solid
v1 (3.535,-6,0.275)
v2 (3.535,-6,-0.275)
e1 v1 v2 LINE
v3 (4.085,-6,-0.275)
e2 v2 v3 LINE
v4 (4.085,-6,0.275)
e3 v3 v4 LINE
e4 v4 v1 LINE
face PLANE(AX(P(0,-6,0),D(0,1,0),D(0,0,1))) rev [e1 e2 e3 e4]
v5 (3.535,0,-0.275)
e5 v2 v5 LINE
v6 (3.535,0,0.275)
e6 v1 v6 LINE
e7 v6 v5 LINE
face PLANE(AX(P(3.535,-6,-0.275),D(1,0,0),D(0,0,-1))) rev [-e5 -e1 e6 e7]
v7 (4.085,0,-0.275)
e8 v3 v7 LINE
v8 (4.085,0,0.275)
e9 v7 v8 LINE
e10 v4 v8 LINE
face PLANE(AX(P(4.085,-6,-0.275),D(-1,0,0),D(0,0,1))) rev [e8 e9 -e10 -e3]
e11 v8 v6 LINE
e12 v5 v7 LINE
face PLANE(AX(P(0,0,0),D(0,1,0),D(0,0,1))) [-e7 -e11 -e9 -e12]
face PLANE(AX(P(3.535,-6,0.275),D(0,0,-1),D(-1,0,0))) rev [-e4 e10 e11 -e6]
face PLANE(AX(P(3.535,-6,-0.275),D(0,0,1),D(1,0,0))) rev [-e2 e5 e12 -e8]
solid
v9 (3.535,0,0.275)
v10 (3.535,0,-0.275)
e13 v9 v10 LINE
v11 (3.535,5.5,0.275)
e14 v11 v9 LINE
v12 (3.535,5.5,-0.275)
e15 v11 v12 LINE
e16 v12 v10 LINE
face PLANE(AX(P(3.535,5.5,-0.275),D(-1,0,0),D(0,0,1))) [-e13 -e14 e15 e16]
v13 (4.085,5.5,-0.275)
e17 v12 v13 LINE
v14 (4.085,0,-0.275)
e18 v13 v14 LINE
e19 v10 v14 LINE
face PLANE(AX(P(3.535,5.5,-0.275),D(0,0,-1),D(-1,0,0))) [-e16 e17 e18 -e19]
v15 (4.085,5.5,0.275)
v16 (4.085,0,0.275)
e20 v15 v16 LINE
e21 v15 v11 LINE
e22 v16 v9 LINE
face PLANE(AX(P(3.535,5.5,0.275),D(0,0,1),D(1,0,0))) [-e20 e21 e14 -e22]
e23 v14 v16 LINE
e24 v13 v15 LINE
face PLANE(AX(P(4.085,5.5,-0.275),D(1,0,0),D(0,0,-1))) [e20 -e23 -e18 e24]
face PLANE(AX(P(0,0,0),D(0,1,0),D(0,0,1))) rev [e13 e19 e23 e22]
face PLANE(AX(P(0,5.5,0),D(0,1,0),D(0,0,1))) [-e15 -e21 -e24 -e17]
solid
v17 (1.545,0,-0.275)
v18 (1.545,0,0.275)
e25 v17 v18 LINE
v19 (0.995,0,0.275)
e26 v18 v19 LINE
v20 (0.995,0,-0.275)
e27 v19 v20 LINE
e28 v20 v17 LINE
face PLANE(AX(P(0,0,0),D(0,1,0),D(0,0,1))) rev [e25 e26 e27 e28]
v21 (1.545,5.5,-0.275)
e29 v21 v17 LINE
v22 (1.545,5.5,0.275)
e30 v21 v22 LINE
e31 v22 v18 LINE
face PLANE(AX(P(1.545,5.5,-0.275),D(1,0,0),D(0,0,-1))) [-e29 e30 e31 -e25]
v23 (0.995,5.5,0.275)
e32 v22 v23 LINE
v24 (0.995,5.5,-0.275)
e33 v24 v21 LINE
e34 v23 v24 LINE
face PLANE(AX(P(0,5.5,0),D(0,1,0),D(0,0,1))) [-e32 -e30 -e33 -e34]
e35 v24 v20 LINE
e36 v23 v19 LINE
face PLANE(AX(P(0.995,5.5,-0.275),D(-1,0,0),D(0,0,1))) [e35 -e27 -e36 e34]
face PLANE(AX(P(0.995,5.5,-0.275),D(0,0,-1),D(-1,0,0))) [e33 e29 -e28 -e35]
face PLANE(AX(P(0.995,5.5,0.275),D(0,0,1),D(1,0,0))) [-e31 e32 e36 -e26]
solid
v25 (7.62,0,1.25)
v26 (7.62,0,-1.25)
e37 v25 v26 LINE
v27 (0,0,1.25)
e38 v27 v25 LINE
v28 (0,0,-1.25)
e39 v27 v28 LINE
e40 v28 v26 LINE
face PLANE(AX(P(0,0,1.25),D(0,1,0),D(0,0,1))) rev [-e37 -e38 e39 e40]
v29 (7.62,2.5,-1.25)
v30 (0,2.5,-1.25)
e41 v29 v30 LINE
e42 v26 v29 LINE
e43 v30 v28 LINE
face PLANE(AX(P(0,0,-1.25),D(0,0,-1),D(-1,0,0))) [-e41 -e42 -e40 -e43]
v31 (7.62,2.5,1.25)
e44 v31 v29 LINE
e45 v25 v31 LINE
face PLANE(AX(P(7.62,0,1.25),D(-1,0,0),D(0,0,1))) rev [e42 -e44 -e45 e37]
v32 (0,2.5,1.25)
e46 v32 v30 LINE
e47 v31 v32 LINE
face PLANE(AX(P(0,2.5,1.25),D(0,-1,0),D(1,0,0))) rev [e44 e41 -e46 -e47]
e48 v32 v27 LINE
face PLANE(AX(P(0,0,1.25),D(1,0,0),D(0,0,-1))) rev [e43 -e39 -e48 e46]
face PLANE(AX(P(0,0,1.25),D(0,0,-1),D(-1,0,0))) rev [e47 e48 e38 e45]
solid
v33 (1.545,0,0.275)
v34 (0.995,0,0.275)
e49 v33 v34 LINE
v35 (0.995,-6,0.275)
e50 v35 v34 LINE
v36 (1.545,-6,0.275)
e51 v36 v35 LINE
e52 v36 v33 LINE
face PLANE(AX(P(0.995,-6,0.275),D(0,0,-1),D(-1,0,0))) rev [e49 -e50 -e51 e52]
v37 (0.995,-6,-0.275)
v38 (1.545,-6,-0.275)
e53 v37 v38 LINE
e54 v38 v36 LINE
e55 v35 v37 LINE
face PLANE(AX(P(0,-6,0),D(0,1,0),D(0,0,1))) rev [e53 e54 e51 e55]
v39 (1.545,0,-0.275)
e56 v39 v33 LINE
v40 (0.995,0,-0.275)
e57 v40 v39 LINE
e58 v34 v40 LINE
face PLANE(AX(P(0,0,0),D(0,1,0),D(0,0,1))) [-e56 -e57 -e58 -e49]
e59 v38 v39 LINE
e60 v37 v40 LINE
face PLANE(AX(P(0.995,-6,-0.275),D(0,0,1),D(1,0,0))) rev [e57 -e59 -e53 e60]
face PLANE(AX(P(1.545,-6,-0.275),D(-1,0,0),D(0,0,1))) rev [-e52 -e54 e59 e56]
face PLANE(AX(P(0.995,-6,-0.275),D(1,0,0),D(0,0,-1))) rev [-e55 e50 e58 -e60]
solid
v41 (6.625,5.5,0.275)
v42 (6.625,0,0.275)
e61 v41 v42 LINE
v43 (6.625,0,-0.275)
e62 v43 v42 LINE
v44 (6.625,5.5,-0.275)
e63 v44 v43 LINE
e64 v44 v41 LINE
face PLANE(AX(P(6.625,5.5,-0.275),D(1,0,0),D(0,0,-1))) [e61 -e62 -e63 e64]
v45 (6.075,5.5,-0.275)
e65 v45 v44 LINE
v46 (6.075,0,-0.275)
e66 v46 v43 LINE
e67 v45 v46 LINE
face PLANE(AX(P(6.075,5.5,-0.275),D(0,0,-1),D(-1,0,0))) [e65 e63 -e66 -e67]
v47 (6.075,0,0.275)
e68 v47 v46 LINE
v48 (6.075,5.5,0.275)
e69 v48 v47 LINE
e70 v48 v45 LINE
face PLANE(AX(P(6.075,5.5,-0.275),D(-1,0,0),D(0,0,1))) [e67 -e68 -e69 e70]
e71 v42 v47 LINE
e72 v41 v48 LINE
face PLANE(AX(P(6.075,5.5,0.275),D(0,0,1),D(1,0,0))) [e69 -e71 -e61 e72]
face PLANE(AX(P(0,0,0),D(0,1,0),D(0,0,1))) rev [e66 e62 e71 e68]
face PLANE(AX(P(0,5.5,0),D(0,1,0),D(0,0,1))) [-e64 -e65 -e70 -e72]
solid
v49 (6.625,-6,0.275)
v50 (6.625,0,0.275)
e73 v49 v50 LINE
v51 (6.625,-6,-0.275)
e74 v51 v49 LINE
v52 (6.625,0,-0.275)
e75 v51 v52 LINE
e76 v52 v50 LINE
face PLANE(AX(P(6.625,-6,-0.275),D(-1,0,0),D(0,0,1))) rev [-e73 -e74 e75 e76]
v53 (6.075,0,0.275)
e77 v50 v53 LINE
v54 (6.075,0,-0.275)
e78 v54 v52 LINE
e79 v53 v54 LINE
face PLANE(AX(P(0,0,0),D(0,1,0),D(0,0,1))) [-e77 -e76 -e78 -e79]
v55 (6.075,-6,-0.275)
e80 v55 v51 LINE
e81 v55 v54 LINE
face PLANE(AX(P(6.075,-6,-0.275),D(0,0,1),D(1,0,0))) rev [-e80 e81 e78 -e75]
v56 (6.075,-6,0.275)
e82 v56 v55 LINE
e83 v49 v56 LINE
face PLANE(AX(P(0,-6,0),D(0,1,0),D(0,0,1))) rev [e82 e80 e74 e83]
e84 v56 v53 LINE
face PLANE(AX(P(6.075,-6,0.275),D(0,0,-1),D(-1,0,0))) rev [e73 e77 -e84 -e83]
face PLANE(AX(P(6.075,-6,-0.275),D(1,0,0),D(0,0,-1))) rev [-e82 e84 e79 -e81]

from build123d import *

# Parameters (mm, degrees)
SKETCH1_W             = 7.62
SKETCH1_H             = 2.5
BOSS_EXTRUDE1_DEPTH   = 1.25
SKETCH2_W             = 0.55
SKETCH2_H             = 0.55
BOSS_EXTRUDE2_DEPTH   = 6
BOSS_EXTRUDE2_2_DEPTH = 6
BOSS_EXTRUDE2_3_DEPTH = 6
SKETCH2_2_W           = 0.55
SKETCH2_2_H           = 0.55
BOSS_EXTRUDE3_DEPTH   = 5.5
BOSS_EXTRUDE3_2_DEPTH = 5.5
BOSS_EXTRUDE3_3_DEPTH = 5.5


with BuildPart() as part:
    # Sketch1 → Boss-Extrude1 (new body, symmetric)
    with BuildSketch(Plane.XY):
        with Locations((3.81, 1.25)):
            Rectangle(SKETCH1_W, SKETCH1_H)
    extrude(amount=BOSS_EXTRUDE1_DEPTH, both=True)


with BuildPart() as body_2:
    # Sketch2 → Boss-Extrude2 (new body)
    with BuildSketch(Plane.XZ):
        with Locations((3.81, 0)):
            Rectangle(SKETCH2_W, SKETCH2_H)
    extrude(amount=BOSS_EXTRUDE2_DEPTH)


with BuildPart() as body_3:
    # Sketch2 → Boss-Extrude2 2 (new body)
    with BuildSketch(Plane.XZ):
        with Locations((1.27, 0)):
            Rectangle(SKETCH2_W, SKETCH2_H)
    extrude(amount=BOSS_EXTRUDE2_2_DEPTH)


with BuildPart() as body_4:
    # Sketch2 → Boss-Extrude2 3 (new body)
    with BuildSketch(Plane.XZ):
        with Locations((6.35, 0)):
            Rectangle(SKETCH2_W, SKETCH2_H)
    extrude(amount=BOSS_EXTRUDE2_3_DEPTH)


with BuildPart() as body_5:
    # Sketch2_2 → Boss-Extrude3 (new body)
    with BuildSketch(Plane.XZ):
        with Locations((3.81, 0)):
            Rectangle(SKETCH2_2_W, SKETCH2_2_H)
    extrude(amount=-BOSS_EXTRUDE3_DEPTH)


with BuildPart() as body_6:
    # Sketch2_2 → Boss-Extrude3 2 (new body)
    with BuildSketch(Plane.XZ):
        with Locations((1.27, 0)):
            Rectangle(SKETCH2_2_W, SKETCH2_2_H)
    extrude(amount=-BOSS_EXTRUDE3_2_DEPTH)


with BuildPart() as body_7:
    # Sketch2_2 → Boss-Extrude3 3 (new body)
    with BuildSketch(Plane.XZ):
        with Locations((6.35, 0)):
            Rectangle(SKETCH2_2_W, SKETCH2_2_H)
    extrude(amount=-BOSS_EXTRUDE3_3_DEPTH)


solid = Compound([part.part, body_2.part, body_3.part, body_4.part, body_5.part, body_6.part, body_7.part])
